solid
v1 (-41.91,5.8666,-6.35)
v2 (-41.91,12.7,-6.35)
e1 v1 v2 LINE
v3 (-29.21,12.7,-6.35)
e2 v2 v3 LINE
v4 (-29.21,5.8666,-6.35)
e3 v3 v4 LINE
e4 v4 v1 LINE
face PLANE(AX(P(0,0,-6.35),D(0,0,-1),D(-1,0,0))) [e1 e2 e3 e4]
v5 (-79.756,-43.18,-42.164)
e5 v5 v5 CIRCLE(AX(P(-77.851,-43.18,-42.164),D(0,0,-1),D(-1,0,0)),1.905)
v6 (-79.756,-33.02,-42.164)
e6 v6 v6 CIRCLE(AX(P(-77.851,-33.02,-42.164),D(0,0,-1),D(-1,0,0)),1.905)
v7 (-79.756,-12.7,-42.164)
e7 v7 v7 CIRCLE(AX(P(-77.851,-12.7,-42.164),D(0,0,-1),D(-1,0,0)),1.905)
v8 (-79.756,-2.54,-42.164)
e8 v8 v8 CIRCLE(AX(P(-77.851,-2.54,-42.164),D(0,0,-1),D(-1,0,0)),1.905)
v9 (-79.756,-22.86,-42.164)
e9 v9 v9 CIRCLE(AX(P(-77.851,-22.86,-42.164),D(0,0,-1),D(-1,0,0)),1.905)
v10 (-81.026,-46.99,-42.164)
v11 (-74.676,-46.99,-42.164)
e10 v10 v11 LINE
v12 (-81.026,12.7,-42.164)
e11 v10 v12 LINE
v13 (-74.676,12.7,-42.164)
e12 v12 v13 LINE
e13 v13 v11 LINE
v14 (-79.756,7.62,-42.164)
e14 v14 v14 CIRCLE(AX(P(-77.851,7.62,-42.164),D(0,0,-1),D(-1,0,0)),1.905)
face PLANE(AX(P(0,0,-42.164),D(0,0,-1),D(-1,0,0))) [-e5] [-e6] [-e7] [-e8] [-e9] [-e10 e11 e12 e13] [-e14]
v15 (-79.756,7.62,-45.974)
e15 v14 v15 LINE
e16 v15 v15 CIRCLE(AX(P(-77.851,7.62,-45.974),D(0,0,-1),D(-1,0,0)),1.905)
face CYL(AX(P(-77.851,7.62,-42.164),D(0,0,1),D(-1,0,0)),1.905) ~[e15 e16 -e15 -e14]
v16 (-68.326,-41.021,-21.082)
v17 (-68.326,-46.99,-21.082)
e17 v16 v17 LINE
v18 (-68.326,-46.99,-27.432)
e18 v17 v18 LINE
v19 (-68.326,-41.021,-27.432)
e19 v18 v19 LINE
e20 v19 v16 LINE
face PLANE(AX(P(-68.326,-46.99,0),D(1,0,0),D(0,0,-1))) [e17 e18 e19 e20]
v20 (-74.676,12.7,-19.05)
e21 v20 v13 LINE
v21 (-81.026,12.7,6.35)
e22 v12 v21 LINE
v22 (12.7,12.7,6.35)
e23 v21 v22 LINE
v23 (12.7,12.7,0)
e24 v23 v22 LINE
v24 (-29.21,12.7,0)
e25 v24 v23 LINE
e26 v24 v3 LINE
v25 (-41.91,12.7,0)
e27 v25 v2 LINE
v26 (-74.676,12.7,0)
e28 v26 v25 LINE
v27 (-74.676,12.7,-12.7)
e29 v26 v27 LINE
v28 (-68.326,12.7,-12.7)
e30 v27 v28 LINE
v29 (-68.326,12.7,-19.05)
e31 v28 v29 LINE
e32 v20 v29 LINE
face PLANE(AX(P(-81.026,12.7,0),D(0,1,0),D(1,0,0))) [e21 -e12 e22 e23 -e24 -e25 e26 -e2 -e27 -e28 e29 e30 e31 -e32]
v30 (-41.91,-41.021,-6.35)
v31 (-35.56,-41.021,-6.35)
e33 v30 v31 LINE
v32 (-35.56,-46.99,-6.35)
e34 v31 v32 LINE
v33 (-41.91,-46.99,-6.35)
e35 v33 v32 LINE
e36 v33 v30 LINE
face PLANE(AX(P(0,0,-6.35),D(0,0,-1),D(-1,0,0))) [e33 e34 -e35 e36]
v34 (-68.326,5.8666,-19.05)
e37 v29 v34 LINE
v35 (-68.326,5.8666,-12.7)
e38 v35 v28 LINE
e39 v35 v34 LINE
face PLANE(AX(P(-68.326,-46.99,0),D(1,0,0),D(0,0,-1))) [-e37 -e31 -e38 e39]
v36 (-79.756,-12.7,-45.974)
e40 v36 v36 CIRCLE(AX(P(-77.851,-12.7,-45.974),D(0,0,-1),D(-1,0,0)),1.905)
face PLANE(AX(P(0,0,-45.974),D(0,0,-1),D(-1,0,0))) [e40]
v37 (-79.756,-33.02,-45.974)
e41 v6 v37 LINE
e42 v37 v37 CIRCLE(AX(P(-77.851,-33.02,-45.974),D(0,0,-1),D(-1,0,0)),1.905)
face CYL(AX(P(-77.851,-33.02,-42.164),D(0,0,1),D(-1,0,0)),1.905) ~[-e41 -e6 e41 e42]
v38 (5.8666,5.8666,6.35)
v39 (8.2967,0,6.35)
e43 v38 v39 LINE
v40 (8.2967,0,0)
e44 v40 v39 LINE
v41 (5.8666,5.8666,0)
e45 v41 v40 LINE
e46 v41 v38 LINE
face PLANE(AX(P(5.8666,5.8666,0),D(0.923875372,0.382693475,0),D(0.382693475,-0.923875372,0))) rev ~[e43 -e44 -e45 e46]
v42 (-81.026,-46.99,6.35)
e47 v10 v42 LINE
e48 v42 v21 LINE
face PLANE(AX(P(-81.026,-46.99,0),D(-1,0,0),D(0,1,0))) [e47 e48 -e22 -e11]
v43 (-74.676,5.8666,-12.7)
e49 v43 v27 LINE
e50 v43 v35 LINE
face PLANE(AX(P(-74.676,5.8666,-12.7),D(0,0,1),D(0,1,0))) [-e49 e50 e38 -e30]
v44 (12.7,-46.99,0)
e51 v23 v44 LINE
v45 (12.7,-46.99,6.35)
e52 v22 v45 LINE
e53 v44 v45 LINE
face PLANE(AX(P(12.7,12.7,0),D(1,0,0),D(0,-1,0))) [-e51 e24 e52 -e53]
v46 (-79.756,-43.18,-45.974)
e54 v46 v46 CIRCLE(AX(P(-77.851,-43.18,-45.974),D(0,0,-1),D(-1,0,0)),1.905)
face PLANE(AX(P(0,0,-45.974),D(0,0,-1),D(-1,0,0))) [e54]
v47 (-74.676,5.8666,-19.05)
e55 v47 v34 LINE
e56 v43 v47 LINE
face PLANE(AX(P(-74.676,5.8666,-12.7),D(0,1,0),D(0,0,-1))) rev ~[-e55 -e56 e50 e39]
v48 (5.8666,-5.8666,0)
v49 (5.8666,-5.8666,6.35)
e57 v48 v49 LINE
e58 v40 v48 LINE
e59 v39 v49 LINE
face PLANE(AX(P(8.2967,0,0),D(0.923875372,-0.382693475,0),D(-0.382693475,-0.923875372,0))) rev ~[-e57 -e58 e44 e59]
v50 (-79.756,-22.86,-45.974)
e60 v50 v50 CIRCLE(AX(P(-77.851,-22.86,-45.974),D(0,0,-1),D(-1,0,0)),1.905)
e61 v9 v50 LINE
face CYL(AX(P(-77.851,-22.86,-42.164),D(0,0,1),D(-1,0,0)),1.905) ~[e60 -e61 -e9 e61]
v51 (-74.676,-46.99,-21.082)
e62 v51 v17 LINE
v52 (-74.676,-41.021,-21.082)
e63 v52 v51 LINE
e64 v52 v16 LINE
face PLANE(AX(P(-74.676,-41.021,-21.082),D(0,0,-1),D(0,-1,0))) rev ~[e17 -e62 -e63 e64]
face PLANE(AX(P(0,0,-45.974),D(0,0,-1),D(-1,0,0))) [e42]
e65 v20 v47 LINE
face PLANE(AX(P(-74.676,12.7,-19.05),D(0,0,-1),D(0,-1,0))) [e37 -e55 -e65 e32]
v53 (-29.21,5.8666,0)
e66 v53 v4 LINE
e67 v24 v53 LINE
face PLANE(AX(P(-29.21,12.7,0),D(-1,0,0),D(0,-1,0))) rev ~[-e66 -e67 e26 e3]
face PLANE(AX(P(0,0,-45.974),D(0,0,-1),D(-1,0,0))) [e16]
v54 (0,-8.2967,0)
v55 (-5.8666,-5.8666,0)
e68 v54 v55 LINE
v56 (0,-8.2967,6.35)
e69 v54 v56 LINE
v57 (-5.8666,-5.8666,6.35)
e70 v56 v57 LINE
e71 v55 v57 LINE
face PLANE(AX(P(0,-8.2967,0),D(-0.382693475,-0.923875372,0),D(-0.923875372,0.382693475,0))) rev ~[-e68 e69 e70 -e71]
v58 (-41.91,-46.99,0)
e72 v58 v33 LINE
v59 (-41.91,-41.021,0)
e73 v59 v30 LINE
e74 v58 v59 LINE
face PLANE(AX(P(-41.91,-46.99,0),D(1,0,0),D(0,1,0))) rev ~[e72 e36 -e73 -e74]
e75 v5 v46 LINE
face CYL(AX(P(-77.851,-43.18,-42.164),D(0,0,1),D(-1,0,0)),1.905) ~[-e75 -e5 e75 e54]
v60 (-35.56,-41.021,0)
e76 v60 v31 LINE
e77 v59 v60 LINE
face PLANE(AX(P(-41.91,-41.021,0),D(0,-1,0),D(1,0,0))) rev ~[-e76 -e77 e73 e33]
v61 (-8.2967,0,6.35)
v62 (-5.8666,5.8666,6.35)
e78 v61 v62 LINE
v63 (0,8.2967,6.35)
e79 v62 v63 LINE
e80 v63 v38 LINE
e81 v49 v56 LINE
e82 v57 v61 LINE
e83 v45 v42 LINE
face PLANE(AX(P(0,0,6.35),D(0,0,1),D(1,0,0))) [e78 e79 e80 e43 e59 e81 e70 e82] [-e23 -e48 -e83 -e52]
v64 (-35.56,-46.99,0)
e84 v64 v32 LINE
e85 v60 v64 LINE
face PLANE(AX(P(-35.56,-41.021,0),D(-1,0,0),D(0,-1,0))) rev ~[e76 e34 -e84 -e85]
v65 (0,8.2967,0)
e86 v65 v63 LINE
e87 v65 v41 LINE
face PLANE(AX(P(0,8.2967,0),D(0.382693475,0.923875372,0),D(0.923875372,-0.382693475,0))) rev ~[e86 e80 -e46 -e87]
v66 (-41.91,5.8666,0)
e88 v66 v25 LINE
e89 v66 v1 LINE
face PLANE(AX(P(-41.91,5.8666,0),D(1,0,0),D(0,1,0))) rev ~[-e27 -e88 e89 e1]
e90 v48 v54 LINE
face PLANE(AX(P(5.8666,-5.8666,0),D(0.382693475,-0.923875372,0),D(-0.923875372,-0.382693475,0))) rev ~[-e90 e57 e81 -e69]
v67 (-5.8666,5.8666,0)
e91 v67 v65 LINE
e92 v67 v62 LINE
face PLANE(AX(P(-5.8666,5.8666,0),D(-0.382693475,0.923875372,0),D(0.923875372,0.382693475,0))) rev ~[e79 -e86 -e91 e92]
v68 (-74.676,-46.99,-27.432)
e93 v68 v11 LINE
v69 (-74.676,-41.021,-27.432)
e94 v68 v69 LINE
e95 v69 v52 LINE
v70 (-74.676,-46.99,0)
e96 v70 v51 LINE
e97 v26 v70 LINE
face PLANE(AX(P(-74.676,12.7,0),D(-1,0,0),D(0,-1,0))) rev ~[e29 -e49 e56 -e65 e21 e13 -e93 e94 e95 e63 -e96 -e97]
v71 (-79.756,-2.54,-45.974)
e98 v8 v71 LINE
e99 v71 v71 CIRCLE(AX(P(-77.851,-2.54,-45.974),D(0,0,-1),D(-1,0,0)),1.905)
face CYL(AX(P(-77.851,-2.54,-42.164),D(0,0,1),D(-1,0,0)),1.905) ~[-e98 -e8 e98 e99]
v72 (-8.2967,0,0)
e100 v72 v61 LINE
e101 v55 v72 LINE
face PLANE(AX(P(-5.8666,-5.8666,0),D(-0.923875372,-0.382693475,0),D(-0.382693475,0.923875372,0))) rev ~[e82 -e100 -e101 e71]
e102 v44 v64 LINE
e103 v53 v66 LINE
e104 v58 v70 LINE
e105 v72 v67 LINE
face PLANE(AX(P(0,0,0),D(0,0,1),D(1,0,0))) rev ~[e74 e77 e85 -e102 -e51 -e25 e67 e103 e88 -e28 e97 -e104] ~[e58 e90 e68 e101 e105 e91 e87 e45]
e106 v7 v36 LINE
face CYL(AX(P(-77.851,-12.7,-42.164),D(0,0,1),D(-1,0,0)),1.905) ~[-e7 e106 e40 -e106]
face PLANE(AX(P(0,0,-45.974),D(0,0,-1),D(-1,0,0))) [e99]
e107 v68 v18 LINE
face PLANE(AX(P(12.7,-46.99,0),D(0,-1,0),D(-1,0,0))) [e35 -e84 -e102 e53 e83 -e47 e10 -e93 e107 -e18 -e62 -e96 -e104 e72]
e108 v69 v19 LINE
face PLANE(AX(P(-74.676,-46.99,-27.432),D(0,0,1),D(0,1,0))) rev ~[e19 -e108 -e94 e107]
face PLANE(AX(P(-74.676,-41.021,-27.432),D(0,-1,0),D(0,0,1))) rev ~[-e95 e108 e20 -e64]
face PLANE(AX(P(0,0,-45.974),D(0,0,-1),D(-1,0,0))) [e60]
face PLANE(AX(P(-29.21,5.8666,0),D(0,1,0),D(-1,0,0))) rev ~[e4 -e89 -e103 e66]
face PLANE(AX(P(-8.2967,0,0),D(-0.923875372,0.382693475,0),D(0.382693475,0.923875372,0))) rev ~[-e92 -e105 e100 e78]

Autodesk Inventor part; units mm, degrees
ref_plane "YZ Plane" through (0, 0, 0) normal (1, 0, 0) x (0, 1, 0)
ref_plane "XZ Plane" through (0, 0, 0) normal (0, 1, 0) x (-1, 0, 0)
ref_plane "XY Plane" through (0, 0, 0) normal (0, 0, 1) x (1, 0, 0)
sketch "Sketch1" plane through (0, 0, 0) normal (0, 0, 1) x (1, 0, 0)
  line L0 (0, 8.2967) -> (5.8666, 5.8666)
  line L1 (5.8666, 5.8666) -> (8.2967, 0)
  line L2 (8.2967, 0) -> (5.8666, -5.8666)
  line L3 (5.8666, -5.8666) -> (0, -8.2967)
  line L4 (0, -8.2967) -> (-5.8666, -5.8666)
  line L5 (-5.8666, -5.8666) -> (-8.2967, 0)
  line L6 (-8.2967, 0) -> (-5.8666, 5.8666)
  line L7 (-5.8666, 5.8666) -> (0, 8.2967)
  line L8 (-81.026, 12.7) -> (12.7, 12.7)
  line L9 (12.7, 12.7) -> (12.7, -46.99)
  line L10 (12.7, -46.99) -> (-81.026, -46.99)
  line L11 (-81.026, -46.99) -> (-81.026, 12.7)
  point P0 (0, 0)
  point P1 (0, 0)
  dimension "d0" = 6.35
  dimension "d1" = 12.7
  dimension "d2" = 12.7
  dimension "d4" = 93.726
  dimension "d46" = 59.69
extrude "Extrusion1" add sketch "Sketch1" along normal blind 6.35
sketch "Sketch2" plane through (0, 0, 0) normal (0, 0, -1) x (-1, 0, 0)
  line L0 (81.026, -46.99) -> (-12.7, -46.99) projected
  line L1 (81.026, 12.7) -> (74.676, 12.7)
  line L2 (74.676, 12.7) -> (74.676, -46.99)
  line L3 (74.676, -46.99) -> (81.026, -46.99)
  line L4 (81.026, -46.99) -> (81.026, 12.7)
  point P0 (0, 0)
  dimension "d7" = 6.35
extrude "Extrusion2" add sketch "Sketch2" along normal blind 42.164
sketch "Sketch3" plane through (0, 0, -42.164) normal (0, 0, -1) x (-1, 0, 0)
  circle A0 centre (77.851, 7.62) radius 1.905
  circle A1 centre (77.851, -2.54) radius 1.905
  circle A2 centre (77.851, -12.7) radius 1.905
  circle A3 centre (77.851, -22.86) radius 1.905
  line L0 (81.026, -46.99) -> (81.026, 12.7) projected
  line L1 (81.026, 12.7) -> (74.676, 12.7) projected
  circle A4 centre (77.851, -33.02) radius 1.905
  circle A5 centre (77.851, -43.18) radius 1.905
  line L2 (74.676, -46.99) -> (81.026, -46.99) projected
  point P0 (0, 0)
  dimension "d10" = 3.81
  dimension "d11" = 3.175
  dimension "d12" = 5.08
  dimension "d13" = 3.81
  dimension "d14" = 3.175
  dimension "d15" = 10.16
  dimension "d16" = 3.81
  dimension "d17" = 10.16
  dimension "d18" = 3.175
  dimension "d19" = 3.81
  dimension "d20" = 3.175
  dimension "d21" = 10.16
  dimension "d26" = 3.81
  dimension "d27" = 3.175
  dimension "d28" = 3.81
  dimension "d29" = 10.16
  dimension "d30" = 3.175
  dimension "d31" = 3.81
  dimension "d43" = 10.16
extrude "Extrusion3" add sketch "Sketch3" along normal blind 3.81
sketch "Sketch4" plane through (0, 0, 0) normal (0, 0, -1) x (-1, 0, 0)
  line L0 (5.8666, 5.8666) -> (50.455, 5.8666)
  line L1 (74.676, 12.7) -> (-12.7, 12.7) projected
  line L2 (15.8582, 12.7) -> (28.5582, 12.7)
  line L3 (28.5582, 5.8666) -> (15.8582, 5.8666)
  line L4 (41.91, 12.7) -> (29.21, 12.7)
  line L5 (29.21, 12.7) -> (29.21, 5.8666)
  line L6 (29.21, 5.8666) -> (41.91, 5.8666)
  line L7 (41.91, 5.8666) -> (41.91, 12.7)
  line L8 (-12.7, 12.7) -> (-12.7, -46.99) projected
  line L9 (81.026, -46.99) -> (-12.7, -46.99) projected
  line L10 (35.56, -46.99) -> (41.91, -46.99)
  line L11 (41.91, -46.99) -> (41.91, -41.021)
  line L12 (41.91, -41.021) -> (35.56, -41.021)
  line L13 (35.56, -41.021) -> (35.56, -46.99)
  point P0 (0, 0)
  dimension "d35" = 12.7
  dimension "d36" = 41.91
  dimension "d49" = 6.35
  dimension "d50" = 5.969
  dimension "d51" = 48.26
extrude "Extrusion4" add sketch "Sketch4" along normal blind 6.35
sketch "Sketch5" plane through (-74.676, -46.99, 0) normal (1, 0, 0) x (0, 0, -1)
  line L0 (0, 52.8566) -> (28.7051, 52.8566)
  line L1 (0, 52.8566) -> (6.35, 52.8566) projected
  line L2 (0, 59.69) -> (42.164, 59.69) projected
  line L3 (19.05, 52.8566) -> (12.7, 52.8566)
  line L4 (12.7, 52.8566) -> (12.7, 59.69)
  line L5 (12.7, 59.69) -> (19.05, 59.69)
  line L6 (19.05, 59.69) -> (19.05, 52.8566)
  line L7 (-6.35, 0) -> (-6.35, 59.69) projected
  line L8 (0, 0) -> (42.164, 0) projected
  line L9 (-6.35, 0) -> (42.164, 0) projected
  line L10 (21.082, 0) -> (27.432, 0)
  line L11 (27.432, 0) -> (27.432, 5.969)
  line L12 (27.432, 5.969) -> (21.082, 5.969)
  line L13 (21.082, 5.969) -> (21.082, 0)
  point P0 (0, 46.99)
  dimension "d39" = 6.35
  dimension "d40" = 19.05
  dimension "d44" = 52.8566
  dimension "d45" = 6.8334
  dimension "d47" = 6.35
  dimension "d48" = 5.969
extrude "Extrusion5" add sketch "Sketch5" along normal blind 6.35
properties part number "polyoctpart"
